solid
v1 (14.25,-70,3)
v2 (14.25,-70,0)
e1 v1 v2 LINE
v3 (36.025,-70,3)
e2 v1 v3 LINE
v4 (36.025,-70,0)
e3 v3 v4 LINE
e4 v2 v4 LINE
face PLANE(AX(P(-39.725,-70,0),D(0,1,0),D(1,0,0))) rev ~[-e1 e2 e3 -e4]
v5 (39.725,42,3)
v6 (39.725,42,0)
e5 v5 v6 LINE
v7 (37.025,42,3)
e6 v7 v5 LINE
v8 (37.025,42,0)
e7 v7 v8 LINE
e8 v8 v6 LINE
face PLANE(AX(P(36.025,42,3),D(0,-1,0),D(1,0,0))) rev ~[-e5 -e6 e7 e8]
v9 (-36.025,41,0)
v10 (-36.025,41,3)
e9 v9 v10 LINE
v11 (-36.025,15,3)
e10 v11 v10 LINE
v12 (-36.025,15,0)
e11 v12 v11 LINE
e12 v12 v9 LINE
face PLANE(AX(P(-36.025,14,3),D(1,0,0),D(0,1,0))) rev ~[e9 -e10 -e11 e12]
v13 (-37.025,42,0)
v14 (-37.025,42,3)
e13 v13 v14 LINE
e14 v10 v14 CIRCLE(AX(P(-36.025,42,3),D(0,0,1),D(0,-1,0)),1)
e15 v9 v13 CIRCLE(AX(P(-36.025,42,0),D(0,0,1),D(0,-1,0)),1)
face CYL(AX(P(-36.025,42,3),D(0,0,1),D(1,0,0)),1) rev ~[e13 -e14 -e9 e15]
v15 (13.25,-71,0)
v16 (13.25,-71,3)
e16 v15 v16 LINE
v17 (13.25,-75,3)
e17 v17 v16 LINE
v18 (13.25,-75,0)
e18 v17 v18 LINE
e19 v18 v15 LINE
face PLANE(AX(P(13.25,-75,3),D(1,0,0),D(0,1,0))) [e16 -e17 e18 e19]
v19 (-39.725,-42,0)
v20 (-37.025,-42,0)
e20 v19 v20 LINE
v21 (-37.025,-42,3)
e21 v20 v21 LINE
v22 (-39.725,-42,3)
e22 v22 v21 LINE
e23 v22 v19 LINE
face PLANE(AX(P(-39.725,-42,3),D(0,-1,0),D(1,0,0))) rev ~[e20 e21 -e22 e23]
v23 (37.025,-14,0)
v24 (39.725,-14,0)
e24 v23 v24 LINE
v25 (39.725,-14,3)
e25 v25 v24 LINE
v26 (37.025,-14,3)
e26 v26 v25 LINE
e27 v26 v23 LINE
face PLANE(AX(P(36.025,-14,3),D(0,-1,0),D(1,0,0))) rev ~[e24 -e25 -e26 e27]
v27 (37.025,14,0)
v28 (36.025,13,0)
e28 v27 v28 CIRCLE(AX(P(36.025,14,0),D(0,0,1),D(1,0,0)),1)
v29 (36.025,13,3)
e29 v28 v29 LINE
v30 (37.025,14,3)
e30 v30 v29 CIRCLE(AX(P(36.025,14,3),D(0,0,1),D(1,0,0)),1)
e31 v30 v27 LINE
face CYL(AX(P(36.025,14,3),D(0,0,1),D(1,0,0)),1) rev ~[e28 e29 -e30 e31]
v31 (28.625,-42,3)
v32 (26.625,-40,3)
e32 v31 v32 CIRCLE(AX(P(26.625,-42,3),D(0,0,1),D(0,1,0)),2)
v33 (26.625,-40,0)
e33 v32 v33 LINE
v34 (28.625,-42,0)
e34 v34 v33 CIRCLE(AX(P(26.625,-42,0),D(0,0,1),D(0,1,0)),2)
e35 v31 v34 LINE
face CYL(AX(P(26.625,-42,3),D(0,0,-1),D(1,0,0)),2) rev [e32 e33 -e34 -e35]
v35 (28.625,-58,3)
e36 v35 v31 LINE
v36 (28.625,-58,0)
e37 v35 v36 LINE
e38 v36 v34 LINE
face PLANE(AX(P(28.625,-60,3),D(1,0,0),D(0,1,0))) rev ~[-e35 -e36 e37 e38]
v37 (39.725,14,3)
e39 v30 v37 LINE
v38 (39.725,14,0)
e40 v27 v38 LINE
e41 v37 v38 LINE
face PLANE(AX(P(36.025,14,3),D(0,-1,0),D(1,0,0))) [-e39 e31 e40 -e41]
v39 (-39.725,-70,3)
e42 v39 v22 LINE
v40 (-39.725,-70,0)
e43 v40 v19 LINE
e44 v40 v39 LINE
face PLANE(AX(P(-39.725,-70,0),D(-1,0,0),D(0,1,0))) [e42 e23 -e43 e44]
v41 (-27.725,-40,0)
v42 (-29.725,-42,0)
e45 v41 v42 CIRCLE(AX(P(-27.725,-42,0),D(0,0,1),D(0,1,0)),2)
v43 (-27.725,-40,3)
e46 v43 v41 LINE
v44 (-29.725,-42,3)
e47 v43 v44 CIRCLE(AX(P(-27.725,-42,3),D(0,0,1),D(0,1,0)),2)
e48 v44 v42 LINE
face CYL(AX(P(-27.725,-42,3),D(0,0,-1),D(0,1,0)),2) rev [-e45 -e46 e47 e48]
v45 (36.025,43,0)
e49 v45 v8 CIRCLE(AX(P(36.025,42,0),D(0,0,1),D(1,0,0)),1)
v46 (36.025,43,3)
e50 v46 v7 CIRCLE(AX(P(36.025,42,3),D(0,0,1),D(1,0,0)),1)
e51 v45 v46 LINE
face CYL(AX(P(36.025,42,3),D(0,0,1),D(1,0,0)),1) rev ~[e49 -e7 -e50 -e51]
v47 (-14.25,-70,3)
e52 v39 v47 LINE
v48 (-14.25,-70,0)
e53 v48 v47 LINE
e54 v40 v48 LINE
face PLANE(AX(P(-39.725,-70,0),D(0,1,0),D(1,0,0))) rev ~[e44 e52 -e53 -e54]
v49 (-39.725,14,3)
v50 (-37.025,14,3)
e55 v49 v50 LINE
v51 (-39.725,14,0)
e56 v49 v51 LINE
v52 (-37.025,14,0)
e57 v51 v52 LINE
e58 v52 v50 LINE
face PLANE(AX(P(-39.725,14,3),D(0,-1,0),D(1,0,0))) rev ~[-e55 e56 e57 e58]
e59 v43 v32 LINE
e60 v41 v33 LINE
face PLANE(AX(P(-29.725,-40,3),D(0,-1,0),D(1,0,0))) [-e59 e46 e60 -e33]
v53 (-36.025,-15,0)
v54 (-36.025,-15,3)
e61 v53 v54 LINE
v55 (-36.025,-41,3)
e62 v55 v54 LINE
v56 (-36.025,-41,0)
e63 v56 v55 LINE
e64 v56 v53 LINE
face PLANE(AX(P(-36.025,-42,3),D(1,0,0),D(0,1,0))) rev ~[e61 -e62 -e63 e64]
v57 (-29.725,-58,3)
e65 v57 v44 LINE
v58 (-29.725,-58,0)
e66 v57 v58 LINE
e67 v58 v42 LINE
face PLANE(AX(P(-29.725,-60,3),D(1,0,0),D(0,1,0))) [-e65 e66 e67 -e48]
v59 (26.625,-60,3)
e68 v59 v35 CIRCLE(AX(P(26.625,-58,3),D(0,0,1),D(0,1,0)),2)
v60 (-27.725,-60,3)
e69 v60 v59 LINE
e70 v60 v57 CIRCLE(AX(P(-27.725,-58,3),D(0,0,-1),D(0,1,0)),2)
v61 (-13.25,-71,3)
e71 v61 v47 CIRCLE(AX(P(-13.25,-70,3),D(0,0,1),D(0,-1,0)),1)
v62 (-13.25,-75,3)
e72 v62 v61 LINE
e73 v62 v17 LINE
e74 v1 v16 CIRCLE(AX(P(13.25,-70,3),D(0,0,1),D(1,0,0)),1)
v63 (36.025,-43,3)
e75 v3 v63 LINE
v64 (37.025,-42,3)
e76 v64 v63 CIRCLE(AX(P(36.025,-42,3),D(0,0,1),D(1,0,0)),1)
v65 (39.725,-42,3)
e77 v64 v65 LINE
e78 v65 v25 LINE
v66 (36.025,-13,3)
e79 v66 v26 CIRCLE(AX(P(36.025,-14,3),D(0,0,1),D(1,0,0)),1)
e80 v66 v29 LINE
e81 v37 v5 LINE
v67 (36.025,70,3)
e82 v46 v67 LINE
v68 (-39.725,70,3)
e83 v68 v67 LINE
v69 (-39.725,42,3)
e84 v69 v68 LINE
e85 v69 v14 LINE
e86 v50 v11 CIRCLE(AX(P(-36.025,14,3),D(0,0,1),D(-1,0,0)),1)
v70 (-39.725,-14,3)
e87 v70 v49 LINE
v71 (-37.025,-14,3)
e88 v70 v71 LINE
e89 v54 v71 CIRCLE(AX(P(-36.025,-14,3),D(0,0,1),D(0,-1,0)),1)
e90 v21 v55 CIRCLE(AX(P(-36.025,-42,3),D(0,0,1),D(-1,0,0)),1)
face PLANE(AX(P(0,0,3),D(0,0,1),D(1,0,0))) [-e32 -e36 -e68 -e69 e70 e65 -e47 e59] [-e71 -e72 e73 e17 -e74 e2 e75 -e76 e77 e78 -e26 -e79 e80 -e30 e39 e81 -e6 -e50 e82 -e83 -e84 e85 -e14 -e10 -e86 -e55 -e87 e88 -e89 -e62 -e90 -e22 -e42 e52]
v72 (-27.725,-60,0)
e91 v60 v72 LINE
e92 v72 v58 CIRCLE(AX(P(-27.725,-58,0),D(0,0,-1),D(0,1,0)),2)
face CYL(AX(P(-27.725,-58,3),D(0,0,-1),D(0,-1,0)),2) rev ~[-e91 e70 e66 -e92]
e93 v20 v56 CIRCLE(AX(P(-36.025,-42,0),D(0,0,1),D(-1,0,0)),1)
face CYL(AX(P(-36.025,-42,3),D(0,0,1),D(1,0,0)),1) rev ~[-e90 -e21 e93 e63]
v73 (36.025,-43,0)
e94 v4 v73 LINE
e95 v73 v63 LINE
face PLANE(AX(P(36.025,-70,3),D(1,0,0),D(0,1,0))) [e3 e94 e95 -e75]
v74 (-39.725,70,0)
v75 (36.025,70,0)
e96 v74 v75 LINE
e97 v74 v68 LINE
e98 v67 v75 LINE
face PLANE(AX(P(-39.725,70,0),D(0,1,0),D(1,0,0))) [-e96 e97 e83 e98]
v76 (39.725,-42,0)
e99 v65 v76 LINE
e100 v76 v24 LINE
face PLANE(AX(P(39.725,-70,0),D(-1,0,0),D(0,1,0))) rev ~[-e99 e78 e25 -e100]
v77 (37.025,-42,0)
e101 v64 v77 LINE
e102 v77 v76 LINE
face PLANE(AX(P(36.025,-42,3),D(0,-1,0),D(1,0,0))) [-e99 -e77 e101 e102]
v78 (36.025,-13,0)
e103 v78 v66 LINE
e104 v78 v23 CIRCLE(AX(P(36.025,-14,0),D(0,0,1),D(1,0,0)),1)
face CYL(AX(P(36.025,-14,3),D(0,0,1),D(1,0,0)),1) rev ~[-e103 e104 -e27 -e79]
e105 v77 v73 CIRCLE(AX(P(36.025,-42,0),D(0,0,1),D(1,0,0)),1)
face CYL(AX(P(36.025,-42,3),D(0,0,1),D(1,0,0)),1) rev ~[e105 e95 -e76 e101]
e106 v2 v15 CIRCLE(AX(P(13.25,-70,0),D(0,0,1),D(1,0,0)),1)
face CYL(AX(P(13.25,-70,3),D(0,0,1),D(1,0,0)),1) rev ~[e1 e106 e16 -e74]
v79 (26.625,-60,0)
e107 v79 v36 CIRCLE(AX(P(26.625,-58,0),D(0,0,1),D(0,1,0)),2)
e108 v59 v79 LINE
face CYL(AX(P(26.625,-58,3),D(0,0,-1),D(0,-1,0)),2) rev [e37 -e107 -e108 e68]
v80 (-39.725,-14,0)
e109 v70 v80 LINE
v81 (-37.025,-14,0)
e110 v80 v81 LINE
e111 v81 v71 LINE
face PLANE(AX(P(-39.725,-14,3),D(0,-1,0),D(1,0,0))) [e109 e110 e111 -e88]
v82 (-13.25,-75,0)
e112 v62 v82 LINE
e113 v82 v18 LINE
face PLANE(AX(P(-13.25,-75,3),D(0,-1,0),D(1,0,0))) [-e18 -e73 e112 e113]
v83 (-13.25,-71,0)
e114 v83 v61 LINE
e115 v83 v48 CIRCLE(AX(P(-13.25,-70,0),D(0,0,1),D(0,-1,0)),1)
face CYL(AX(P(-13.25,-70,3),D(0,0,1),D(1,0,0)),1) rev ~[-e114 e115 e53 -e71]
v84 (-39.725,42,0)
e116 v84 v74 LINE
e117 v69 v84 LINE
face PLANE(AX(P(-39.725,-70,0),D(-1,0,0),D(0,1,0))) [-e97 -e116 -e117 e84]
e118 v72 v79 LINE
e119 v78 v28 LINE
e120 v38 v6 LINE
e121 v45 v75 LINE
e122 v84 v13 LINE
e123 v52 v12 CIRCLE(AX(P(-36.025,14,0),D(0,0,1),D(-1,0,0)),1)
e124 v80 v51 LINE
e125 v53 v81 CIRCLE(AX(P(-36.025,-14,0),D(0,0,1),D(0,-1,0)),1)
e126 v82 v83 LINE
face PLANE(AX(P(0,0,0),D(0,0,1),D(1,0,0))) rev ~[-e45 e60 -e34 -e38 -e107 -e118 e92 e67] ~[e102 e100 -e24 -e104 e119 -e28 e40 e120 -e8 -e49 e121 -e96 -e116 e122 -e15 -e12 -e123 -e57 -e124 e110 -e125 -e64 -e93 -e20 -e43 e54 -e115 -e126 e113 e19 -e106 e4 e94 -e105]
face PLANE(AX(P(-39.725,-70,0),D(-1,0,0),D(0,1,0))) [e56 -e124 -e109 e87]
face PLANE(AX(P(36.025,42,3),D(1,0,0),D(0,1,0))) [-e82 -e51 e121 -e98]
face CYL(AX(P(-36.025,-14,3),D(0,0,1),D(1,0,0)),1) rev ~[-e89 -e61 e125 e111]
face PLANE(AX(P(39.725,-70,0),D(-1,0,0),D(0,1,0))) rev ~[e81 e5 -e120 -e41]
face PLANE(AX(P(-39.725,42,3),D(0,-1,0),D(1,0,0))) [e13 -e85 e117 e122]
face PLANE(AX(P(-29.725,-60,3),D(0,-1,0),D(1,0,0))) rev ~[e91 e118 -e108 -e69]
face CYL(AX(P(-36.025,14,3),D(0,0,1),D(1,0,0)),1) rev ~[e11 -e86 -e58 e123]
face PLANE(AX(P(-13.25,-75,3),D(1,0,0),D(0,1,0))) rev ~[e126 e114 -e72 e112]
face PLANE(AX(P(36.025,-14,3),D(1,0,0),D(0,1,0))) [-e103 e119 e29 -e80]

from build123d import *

# Parameters (mm, degrees)
SKETCH1_W           = 79.45
SKETCH1_H           = 140
BOSS_EXTRUDE1_DEPTH = 3
SKETCH2_W           = 58.35
SKETCH2_H           = 20
CUT_EXTRUDE1_DEPTH  = 81.542384029
FILLET1_R           = 2
SKETCH3_W           = 3.7
SKETCH3_H           = 28
CUT_EXTRUDE2_DEPTH  = 81.542384029
SKETCH5_W           = 26.5
SKETCH5_H           = 5
BOSS_EXTRUDE2_DEPTH = 3
SKETCH6_R           = 1
CUT_EXTRUDE3_DEPTH  = 85.923940235


with BuildPart() as part:
    # Sketch1 → Boss-Extrude1 (new body)
    with BuildSketch(Plane.XY):
        Rectangle(SKETCH1_W, SKETCH1_H)
    extrude(amount=BOSS_EXTRUDE1_DEPTH)

    # Sketch2 → Cut-Extrude1 (cut, through all)
    with BuildSketch(Plane.XY.offset(3)):
        with Locations((-0.55, -50)):
            Rectangle(SKETCH2_W, SKETCH2_H)
    extrude(amount=-CUT_EXTRUDE1_DEPTH, mode=Mode.SUBTRACT)

    # Fillet1
    fillet1_edges = [part.edges().sort_by_distance(p)[0] for p in [
        (28.625, -40, 1.5),
        (28.625, -60, 1.5),
        (-29.725, -60, 1.5),
        (-29.725, -40, 1.5),
    ]]
    fillet(fillet1_edges, radius=FILLET1_R)

    # Sketch3 → Cut-Extrude2 (cut, through all)
    with BuildSketch(Plane.XY.offset(3)):
        with Locations((-37.875, 28)):
            Rectangle(SKETCH3_W, SKETCH3_H)
        with Locations((-37.875, -28)):
            Rectangle(SKETCH3_W, SKETCH3_H)
        with Locations((37.875, 56)):
            Rectangle(SKETCH3_W, SKETCH3_H)
        with Locations((37.875, 0)):
            Rectangle(SKETCH3_W, SKETCH3_H)
        with Locations((37.875, -56)):
            Rectangle(SKETCH3_W, SKETCH3_H)
    extrude(amount=-CUT_EXTRUDE2_DEPTH, mode=Mode.SUBTRACT)

    # Sketch5 → Boss-Extrude2 (add)
    with BuildSketch(Plane.XY.offset(3)):
        with Locations((0, -72.5)):
            Rectangle(SKETCH5_W, SKETCH5_H)
    extrude(amount=-BOSS_EXTRUDE2_DEPTH)

    # Sketch6 → Cut-Extrude3 (cut, through all)
    with BuildSketch(Plane.XY.offset(3)):
        with Locations((-36.025, 42)):
            Circle(SKETCH6_R)
        with Locations((-36.025, 14)):
            Circle(SKETCH6_R)
        with Locations((-36.025, -14)):
            Circle(SKETCH6_R)
        with Locations((-36.025, -42)):
            Circle(SKETCH6_R)
        with Locations((-13.25, -70)):
            Circle(SKETCH6_R)
        with Locations((13.25, -70)):
            Circle(SKETCH6_R)
        with Locations((36.025, -42)):
            Circle(SKETCH6_R)
        with Locations((36.025, -14)):
            Circle(SKETCH6_R)
        with Locations((36.025, 14)):
            Circle(SKETCH6_R)
        with Locations((36.025, 42)):
            Circle(SKETCH6_R)
    extrude(amount=-CUT_EXTRUDE3_DEPTH, mode=Mode.SUBTRACT)


solid = part.part
